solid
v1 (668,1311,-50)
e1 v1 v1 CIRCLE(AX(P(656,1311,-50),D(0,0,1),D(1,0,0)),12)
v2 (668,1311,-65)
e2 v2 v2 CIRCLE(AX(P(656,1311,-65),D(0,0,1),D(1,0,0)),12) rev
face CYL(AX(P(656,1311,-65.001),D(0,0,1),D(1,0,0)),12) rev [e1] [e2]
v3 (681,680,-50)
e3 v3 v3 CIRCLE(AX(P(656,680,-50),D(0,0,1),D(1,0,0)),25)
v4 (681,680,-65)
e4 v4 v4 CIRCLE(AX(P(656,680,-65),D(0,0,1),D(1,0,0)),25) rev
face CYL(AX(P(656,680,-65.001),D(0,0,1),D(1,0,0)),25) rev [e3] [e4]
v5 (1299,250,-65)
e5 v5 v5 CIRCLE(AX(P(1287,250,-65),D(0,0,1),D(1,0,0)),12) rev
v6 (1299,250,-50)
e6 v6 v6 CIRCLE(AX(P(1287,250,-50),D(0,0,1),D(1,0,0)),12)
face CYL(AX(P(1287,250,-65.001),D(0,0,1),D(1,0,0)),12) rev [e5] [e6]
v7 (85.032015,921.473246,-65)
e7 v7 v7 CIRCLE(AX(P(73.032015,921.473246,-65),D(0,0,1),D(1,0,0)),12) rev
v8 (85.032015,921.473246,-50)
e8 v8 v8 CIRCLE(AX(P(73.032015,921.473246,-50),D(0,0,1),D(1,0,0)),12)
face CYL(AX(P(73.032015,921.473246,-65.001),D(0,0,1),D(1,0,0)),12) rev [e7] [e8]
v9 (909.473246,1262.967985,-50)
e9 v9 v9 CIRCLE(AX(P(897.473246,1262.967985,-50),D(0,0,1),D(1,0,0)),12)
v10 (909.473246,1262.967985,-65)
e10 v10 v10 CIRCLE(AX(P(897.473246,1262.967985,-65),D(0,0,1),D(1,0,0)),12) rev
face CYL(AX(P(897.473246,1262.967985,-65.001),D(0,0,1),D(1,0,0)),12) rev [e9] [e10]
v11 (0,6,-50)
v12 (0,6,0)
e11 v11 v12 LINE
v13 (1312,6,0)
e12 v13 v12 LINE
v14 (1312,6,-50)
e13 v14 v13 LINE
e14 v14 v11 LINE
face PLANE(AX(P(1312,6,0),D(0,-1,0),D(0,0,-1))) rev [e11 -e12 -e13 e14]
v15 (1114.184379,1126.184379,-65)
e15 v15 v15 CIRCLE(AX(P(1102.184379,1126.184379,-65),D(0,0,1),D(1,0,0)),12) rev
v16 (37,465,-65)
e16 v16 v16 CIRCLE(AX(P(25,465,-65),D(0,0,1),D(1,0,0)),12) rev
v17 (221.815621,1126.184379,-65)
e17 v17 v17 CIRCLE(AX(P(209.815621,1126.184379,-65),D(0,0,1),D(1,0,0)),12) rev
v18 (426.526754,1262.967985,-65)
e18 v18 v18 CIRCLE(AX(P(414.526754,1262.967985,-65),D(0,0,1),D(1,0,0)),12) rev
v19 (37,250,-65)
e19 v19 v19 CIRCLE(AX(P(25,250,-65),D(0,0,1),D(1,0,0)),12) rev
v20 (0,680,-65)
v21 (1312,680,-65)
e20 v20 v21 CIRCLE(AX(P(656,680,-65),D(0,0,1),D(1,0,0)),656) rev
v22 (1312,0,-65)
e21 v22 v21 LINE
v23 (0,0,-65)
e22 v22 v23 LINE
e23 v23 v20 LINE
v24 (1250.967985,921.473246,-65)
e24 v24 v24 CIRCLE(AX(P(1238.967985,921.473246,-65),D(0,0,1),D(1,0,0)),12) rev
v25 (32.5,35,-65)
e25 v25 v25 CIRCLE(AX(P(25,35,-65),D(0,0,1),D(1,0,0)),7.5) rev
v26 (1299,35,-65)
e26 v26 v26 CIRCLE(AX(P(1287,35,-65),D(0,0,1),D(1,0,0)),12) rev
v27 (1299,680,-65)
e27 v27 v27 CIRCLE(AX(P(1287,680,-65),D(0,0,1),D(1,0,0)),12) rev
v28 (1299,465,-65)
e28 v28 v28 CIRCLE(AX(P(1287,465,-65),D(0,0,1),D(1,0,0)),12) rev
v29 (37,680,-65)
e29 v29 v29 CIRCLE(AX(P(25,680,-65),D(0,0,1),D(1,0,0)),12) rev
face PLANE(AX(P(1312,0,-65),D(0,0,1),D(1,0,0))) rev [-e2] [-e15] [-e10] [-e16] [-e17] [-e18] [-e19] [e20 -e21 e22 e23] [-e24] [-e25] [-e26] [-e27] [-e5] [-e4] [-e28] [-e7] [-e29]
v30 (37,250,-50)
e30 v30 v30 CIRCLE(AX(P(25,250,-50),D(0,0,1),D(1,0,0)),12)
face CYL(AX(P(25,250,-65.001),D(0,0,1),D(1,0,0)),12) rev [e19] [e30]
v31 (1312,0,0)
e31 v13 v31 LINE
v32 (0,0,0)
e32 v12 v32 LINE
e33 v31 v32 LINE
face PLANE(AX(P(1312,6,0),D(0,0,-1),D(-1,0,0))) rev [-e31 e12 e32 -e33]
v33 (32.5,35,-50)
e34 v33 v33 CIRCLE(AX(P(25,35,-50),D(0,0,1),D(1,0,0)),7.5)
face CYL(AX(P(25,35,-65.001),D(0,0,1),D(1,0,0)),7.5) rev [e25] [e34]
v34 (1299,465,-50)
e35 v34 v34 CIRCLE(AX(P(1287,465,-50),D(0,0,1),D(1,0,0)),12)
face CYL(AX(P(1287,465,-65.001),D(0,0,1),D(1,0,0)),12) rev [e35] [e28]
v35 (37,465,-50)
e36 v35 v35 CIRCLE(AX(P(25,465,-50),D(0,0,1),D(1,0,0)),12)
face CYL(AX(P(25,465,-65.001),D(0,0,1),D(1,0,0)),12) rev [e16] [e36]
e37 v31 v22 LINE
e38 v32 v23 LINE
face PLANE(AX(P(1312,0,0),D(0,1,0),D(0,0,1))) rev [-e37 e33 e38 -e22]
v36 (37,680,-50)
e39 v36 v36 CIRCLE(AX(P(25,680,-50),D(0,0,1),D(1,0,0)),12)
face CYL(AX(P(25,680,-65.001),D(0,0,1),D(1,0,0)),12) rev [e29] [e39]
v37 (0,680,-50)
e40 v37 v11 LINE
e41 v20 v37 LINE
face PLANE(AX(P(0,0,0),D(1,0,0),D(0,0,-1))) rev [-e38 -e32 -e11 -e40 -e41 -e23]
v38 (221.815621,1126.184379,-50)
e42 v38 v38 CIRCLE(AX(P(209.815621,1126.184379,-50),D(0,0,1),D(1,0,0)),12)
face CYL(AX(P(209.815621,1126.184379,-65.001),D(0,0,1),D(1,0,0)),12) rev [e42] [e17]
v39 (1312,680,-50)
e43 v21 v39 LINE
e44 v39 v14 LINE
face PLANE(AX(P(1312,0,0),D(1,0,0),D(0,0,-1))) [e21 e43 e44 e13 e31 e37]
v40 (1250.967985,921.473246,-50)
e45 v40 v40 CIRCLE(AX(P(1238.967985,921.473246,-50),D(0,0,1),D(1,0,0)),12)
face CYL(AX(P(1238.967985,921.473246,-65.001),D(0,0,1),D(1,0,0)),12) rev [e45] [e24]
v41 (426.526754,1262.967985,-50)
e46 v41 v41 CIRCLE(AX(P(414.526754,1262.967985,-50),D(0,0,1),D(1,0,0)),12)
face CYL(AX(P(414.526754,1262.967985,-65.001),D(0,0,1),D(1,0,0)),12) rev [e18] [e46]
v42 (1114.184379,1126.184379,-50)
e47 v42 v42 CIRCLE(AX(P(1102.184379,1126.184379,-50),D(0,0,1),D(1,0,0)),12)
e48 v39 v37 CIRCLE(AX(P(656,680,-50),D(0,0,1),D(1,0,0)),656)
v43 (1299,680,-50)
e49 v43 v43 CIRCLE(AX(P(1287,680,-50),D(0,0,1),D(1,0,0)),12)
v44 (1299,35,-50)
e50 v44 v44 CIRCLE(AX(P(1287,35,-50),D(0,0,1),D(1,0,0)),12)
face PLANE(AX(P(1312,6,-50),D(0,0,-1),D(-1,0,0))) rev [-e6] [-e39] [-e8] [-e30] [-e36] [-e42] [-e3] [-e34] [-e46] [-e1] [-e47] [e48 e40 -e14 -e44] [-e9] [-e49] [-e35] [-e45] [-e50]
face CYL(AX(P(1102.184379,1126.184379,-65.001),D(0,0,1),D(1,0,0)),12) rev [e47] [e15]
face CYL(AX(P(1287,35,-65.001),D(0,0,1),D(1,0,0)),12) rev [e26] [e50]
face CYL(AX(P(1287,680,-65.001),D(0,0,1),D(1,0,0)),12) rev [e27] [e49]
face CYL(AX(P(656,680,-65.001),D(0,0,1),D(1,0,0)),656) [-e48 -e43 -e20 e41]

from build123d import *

# Parameters (mm, degrees)
EXTRUDE_1_DEPTH     = 1312
CUT_EXTRUDE_1_REACH = 17
SKETCH_2_R          = 25
CUT_EXTRUDE_2_REACH = 17
CUT_EXTRUDE_3_REACH = 17
SKETCH_4_R          = 7.5
SKETCH_4_R_2        = 12


with BuildPart() as part:
    # 스케치1 → 보스-돌출1 (new body)
    with BuildSketch(Plane(origin=(0, 0, 0), x_dir=(0, 0, -1), z_dir=(1, 0, 0))):
        Polygon((0, 0), (65, 0), (65, 1336), (50, 1336), (50, 6), (0, 6), align=None)
    extrude(amount=EXTRUDE_1_DEPTH)

    # 스케치2 → 컷-돌출1 (cut, up to next)
    with BuildSketch(Plane.XY.offset(-50), mode=Mode.PRIVATE) as cut_extrude_1_sk1:
        with Locations((656, 680)):
            Circle(SKETCH_2_R)
    cut_extrude_1_tool1 = extrude(cut_extrude_1_sk1.sketch, amount=-CUT_EXTRUDE_1_REACH, mode=Mode.PRIVATE) & part.part
    add(cut_extrude_1_tool1.solids().sort_by_distance((656, 680, -50))[0], mode=Mode.SUBTRACT)

    # 스케치3 → 컷-돌출2 (cut, up to next)
    with BuildSketch(Plane.XY.offset(-50), mode=Mode.PRIVATE) as cut_extrude_2_sk1:
        with BuildLine():
            ThreePointArc((0, 680), (192.137951542, 1143.862048458), (656, 1336))
            Line((656, 1336), (0, 1336))
            Line((0, 1336), (0, 680))
        make_face()
    cut_extrude_2_tool1 = extrude(cut_extrude_2_sk1.sketch, amount=-CUT_EXTRUDE_2_REACH, mode=Mode.PRIVATE) & part.part
    add(cut_extrude_2_tool1.solids().sort_by_distance((146.529368, 1189.470632, -50))[0], mode=Mode.SUBTRACT)
    # 스케치3 → 컷-돌출2 (cut, up to next)
    with BuildSketch(Plane.XY.offset(-50), mode=Mode.PRIVATE) as cut_extrude_2_sk2:
        with BuildLine():
            Line((1312, 680), (1312, 1336))
            Line((1312, 1336), (656, 1336))
            ThreePointArc((656, 1336), (1119.862048458, 1143.862048458), (1312, 680))
        make_face()
    cut_extrude_2_tool2 = extrude(cut_extrude_2_sk2.sketch, amount=-CUT_EXTRUDE_2_REACH, mode=Mode.PRIVATE) & part.part
    add(cut_extrude_2_tool2.solids().sort_by_distance((1165.470632, 1189.470632, -50))[0], mode=Mode.SUBTRACT)

    # 스케치4 → 컷-돌출3 (cut, up to next)
    with BuildSketch(Plane.XY.offset(-50), mode=Mode.PRIVATE) as cut_extrude_3_sk1:
        with Locations((25, 35)):
            Circle(SKETCH_4_R)
    cut_extrude_3_tool1 = extrude(cut_extrude_3_sk1.sketch, amount=-CUT_EXTRUDE_3_REACH, mode=Mode.PRIVATE) & part.part
    add(cut_extrude_3_tool1.solids().sort_by_distance((25, 35, -50))[0], mode=Mode.SUBTRACT)
    # 스케치4 → 컷-돌출3 (cut, up to next)
    with BuildSketch(Plane.XY.offset(-50), mode=Mode.PRIVATE) as cut_extrude_3_sk2:
        with Locations((25, 250)):
            Circle(SKETCH_4_R_2)
    cut_extrude_3_tool2 = extrude(cut_extrude_3_sk2.sketch, amount=-CUT_EXTRUDE_3_REACH, mode=Mode.PRIVATE) & part.part
    add(cut_extrude_3_tool2.solids().sort_by_distance((25, 250, -50))[0], mode=Mode.SUBTRACT)
    # 스케치4 → 컷-돌출3 (cut, up to next)
    with BuildSketch(Plane.XY.offset(-50), mode=Mode.PRIVATE) as cut_extrude_3_sk3:
        with Locations((25, 465)):
            Circle(SKETCH_4_R_2)
    cut_extrude_3_tool3 = extrude(cut_extrude_3_sk3.sketch, amount=-CUT_EXTRUDE_3_REACH, mode=Mode.PRIVATE) & part.part
    add(cut_extrude_3_tool3.solids().sort_by_distance((25, 465, -50))[0], mode=Mode.SUBTRACT)
    # 스케치4 → 컷-돌출3 (cut, up to next)
    with BuildSketch(Plane.XY.offset(-50), mode=Mode.PRIVATE) as cut_extrude_3_sk4:
        with Locations((25, 680)):
            Circle(SKETCH_4_R_2)
    cut_extrude_3_tool4 = extrude(cut_extrude_3_sk4.sketch, amount=-CUT_EXTRUDE_3_REACH, mode=Mode.PRIVATE) & part.part
    add(cut_extrude_3_tool4.solids().sort_by_distance((25, 680, -50))[0], mode=Mode.SUBTRACT)
    # 스케치4 → 컷-돌출3 (cut, up to next)
    with BuildSketch(Plane.XY.offset(-50), mode=Mode.PRIVATE) as cut_extrude_3_sk5:
        with Locations((73.032014985, 921.473245822)):
            Circle(SKETCH_4_R_2)
    cut_extrude_3_tool5 = extrude(cut_extrude_3_sk5.sketch, amount=-CUT_EXTRUDE_3_REACH, mode=Mode.PRIVATE) & part.part
    add(cut_extrude_3_tool5.solids().sort_by_distance((73.032015, 921.473246, -50))[0], mode=Mode.SUBTRACT)
    # 스케치4 → 컷-돌출3 (cut, up to next)
    with BuildSketch(Plane.XY.offset(-50), mode=Mode.PRIVATE) as cut_extrude_3_sk6:
        with Locations((209.815621071, 1126.184378929)):
            Circle(SKETCH_4_R_2)
    cut_extrude_3_tool6 = extrude(cut_extrude_3_sk6.sketch, amount=-CUT_EXTRUDE_3_REACH, mode=Mode.PRIVATE) & part.part
    add(cut_extrude_3_tool6.solids().sort_by_distance((209.815621, 1126.184379, -50))[0], mode=Mode.SUBTRACT)
    # 스케치4 → 컷-돌출3 (cut, up to next)
    with BuildSketch(Plane.XY.offset(-50), mode=Mode.PRIVATE) as cut_extrude_3_sk7:
        with Locations((414.526754178, 1262.967985015)):
            Circle(SKETCH_4_R_2)
    cut_extrude_3_tool7 = extrude(cut_extrude_3_sk7.sketch, amount=-CUT_EXTRUDE_3_REACH, mode=Mode.PRIVATE) & part.part
    add(cut_extrude_3_tool7.solids().sort_by_distance((414.526754, 1262.967985, -50))[0], mode=Mode.SUBTRACT)
    # 스케치4 → 컷-돌출3 (cut, up to next)
    with BuildSketch(Plane.XY.offset(-50), mode=Mode.PRIVATE) as cut_extrude_3_sk8:
        with Locations((656, 1311)):
            Circle(SKETCH_4_R_2)
    cut_extrude_3_tool8 = extrude(cut_extrude_3_sk8.sketch, amount=-CUT_EXTRUDE_3_REACH, mode=Mode.PRIVATE) & part.part
    add(cut_extrude_3_tool8.solids().sort_by_distance((656, 1311, -50))[0], mode=Mode.SUBTRACT)
    # 스케치4 → 컷-돌출3 (cut, up to next)
    with BuildSketch(Plane.XY.offset(-50), mode=Mode.PRIVATE) as cut_extrude_3_sk9:
        with Locations((897.473245822, 1262.967985015)):
            Circle(SKETCH_4_R_2)
    cut_extrude_3_tool9 = extrude(cut_extrude_3_sk9.sketch, amount=-CUT_EXTRUDE_3_REACH, mode=Mode.PRIVATE) & part.part
    add(cut_extrude_3_tool9.solids().sort_by_distance((897.473246, 1262.967985, -50))[0], mode=Mode.SUBTRACT)
    # 스케치4 → 컷-돌출3 (cut, up to next)
    with BuildSketch(Plane.XY.offset(-50), mode=Mode.PRIVATE) as cut_extrude_3_sk10:
        with Locations((1102.184378929, 1126.184378929)):
            Circle(SKETCH_4_R_2)
    cut_extrude_3_tool10 = extrude(cut_extrude_3_sk10.sketch, amount=-CUT_EXTRUDE_3_REACH, mode=Mode.PRIVATE) & part.part
    add(cut_extrude_3_tool10.solids().sort_by_distance((1102.184379, 1126.184379, -50))[0], mode=Mode.SUBTRACT)
    # 스케치4 → 컷-돌출3 (cut, up to next)
    with BuildSketch(Plane.XY.offset(-50), mode=Mode.PRIVATE) as cut_extrude_3_sk11:
        with Locations((1238.967985015, 921.473245822)):
            Circle(SKETCH_4_R_2)
    cut_extrude_3_tool11 = extrude(cut_extrude_3_sk11.sketch, amount=-CUT_EXTRUDE_3_REACH, mode=Mode.PRIVATE) & part.part
    add(cut_extrude_3_tool11.solids().sort_by_distance((1238.967985, 921.473246, -50))[0], mode=Mode.SUBTRACT)
    # 스케치4 → 컷-돌출3 (cut, up to next)
    with BuildSketch(Plane.XY.offset(-50), mode=Mode.PRIVATE) as cut_extrude_3_sk12:
        with Locations((1287, 680)):
            Circle(SKETCH_4_R_2)
    cut_extrude_3_tool12 = extrude(cut_extrude_3_sk12.sketch, amount=-CUT_EXTRUDE_3_REACH, mode=Mode.PRIVATE) & part.part
    add(cut_extrude_3_tool12.solids().sort_by_distance((1287, 680, -50))[0], mode=Mode.SUBTRACT)
    # 스케치4 → 컷-돌출3 (cut, up to next)
    with BuildSketch(Plane.XY.offset(-50), mode=Mode.PRIVATE) as cut_extrude_3_sk13:
        with Locations((1287, 465)):
            Circle(SKETCH_4_R_2)
    cut_extrude_3_tool13 = extrude(cut_extrude_3_sk13.sketch, amount=-CUT_EXTRUDE_3_REACH, mode=Mode.PRIVATE) & part.part
    add(cut_extrude_3_tool13.solids().sort_by_distance((1287, 465, -50))[0], mode=Mode.SUBTRACT)
    # 스케치4 → 컷-돌출3 (cut, up to next)
    with BuildSketch(Plane.XY.offset(-50), mode=Mode.PRIVATE) as cut_extrude_3_sk14:
        with Locations((1287, 250)):
            Circle(SKETCH_4_R_2)
    cut_extrude_3_tool14 = extrude(cut_extrude_3_sk14.sketch, amount=-CUT_EXTRUDE_3_REACH, mode=Mode.PRIVATE) & part.part
    add(cut_extrude_3_tool14.solids().sort_by_distance((1287, 250, -50))[0], mode=Mode.SUBTRACT)
    # 스케치4 → 컷-돌출3 (cut, up to next)
    with BuildSketch(Plane.XY.offset(-50), mode=Mode.PRIVATE) as cut_extrude_3_sk15:
        with Locations((1287, 35)):
            Circle(SKETCH_4_R_2)
    cut_extrude_3_tool15 = extrude(cut_extrude_3_sk15.sketch, amount=-CUT_EXTRUDE_3_REACH, mode=Mode.PRIVATE) & part.part
    add(cut_extrude_3_tool15.solids().sort_by_distance((1287, 35, -50))[0], mode=Mode.SUBTRACT)


solid = part.part
